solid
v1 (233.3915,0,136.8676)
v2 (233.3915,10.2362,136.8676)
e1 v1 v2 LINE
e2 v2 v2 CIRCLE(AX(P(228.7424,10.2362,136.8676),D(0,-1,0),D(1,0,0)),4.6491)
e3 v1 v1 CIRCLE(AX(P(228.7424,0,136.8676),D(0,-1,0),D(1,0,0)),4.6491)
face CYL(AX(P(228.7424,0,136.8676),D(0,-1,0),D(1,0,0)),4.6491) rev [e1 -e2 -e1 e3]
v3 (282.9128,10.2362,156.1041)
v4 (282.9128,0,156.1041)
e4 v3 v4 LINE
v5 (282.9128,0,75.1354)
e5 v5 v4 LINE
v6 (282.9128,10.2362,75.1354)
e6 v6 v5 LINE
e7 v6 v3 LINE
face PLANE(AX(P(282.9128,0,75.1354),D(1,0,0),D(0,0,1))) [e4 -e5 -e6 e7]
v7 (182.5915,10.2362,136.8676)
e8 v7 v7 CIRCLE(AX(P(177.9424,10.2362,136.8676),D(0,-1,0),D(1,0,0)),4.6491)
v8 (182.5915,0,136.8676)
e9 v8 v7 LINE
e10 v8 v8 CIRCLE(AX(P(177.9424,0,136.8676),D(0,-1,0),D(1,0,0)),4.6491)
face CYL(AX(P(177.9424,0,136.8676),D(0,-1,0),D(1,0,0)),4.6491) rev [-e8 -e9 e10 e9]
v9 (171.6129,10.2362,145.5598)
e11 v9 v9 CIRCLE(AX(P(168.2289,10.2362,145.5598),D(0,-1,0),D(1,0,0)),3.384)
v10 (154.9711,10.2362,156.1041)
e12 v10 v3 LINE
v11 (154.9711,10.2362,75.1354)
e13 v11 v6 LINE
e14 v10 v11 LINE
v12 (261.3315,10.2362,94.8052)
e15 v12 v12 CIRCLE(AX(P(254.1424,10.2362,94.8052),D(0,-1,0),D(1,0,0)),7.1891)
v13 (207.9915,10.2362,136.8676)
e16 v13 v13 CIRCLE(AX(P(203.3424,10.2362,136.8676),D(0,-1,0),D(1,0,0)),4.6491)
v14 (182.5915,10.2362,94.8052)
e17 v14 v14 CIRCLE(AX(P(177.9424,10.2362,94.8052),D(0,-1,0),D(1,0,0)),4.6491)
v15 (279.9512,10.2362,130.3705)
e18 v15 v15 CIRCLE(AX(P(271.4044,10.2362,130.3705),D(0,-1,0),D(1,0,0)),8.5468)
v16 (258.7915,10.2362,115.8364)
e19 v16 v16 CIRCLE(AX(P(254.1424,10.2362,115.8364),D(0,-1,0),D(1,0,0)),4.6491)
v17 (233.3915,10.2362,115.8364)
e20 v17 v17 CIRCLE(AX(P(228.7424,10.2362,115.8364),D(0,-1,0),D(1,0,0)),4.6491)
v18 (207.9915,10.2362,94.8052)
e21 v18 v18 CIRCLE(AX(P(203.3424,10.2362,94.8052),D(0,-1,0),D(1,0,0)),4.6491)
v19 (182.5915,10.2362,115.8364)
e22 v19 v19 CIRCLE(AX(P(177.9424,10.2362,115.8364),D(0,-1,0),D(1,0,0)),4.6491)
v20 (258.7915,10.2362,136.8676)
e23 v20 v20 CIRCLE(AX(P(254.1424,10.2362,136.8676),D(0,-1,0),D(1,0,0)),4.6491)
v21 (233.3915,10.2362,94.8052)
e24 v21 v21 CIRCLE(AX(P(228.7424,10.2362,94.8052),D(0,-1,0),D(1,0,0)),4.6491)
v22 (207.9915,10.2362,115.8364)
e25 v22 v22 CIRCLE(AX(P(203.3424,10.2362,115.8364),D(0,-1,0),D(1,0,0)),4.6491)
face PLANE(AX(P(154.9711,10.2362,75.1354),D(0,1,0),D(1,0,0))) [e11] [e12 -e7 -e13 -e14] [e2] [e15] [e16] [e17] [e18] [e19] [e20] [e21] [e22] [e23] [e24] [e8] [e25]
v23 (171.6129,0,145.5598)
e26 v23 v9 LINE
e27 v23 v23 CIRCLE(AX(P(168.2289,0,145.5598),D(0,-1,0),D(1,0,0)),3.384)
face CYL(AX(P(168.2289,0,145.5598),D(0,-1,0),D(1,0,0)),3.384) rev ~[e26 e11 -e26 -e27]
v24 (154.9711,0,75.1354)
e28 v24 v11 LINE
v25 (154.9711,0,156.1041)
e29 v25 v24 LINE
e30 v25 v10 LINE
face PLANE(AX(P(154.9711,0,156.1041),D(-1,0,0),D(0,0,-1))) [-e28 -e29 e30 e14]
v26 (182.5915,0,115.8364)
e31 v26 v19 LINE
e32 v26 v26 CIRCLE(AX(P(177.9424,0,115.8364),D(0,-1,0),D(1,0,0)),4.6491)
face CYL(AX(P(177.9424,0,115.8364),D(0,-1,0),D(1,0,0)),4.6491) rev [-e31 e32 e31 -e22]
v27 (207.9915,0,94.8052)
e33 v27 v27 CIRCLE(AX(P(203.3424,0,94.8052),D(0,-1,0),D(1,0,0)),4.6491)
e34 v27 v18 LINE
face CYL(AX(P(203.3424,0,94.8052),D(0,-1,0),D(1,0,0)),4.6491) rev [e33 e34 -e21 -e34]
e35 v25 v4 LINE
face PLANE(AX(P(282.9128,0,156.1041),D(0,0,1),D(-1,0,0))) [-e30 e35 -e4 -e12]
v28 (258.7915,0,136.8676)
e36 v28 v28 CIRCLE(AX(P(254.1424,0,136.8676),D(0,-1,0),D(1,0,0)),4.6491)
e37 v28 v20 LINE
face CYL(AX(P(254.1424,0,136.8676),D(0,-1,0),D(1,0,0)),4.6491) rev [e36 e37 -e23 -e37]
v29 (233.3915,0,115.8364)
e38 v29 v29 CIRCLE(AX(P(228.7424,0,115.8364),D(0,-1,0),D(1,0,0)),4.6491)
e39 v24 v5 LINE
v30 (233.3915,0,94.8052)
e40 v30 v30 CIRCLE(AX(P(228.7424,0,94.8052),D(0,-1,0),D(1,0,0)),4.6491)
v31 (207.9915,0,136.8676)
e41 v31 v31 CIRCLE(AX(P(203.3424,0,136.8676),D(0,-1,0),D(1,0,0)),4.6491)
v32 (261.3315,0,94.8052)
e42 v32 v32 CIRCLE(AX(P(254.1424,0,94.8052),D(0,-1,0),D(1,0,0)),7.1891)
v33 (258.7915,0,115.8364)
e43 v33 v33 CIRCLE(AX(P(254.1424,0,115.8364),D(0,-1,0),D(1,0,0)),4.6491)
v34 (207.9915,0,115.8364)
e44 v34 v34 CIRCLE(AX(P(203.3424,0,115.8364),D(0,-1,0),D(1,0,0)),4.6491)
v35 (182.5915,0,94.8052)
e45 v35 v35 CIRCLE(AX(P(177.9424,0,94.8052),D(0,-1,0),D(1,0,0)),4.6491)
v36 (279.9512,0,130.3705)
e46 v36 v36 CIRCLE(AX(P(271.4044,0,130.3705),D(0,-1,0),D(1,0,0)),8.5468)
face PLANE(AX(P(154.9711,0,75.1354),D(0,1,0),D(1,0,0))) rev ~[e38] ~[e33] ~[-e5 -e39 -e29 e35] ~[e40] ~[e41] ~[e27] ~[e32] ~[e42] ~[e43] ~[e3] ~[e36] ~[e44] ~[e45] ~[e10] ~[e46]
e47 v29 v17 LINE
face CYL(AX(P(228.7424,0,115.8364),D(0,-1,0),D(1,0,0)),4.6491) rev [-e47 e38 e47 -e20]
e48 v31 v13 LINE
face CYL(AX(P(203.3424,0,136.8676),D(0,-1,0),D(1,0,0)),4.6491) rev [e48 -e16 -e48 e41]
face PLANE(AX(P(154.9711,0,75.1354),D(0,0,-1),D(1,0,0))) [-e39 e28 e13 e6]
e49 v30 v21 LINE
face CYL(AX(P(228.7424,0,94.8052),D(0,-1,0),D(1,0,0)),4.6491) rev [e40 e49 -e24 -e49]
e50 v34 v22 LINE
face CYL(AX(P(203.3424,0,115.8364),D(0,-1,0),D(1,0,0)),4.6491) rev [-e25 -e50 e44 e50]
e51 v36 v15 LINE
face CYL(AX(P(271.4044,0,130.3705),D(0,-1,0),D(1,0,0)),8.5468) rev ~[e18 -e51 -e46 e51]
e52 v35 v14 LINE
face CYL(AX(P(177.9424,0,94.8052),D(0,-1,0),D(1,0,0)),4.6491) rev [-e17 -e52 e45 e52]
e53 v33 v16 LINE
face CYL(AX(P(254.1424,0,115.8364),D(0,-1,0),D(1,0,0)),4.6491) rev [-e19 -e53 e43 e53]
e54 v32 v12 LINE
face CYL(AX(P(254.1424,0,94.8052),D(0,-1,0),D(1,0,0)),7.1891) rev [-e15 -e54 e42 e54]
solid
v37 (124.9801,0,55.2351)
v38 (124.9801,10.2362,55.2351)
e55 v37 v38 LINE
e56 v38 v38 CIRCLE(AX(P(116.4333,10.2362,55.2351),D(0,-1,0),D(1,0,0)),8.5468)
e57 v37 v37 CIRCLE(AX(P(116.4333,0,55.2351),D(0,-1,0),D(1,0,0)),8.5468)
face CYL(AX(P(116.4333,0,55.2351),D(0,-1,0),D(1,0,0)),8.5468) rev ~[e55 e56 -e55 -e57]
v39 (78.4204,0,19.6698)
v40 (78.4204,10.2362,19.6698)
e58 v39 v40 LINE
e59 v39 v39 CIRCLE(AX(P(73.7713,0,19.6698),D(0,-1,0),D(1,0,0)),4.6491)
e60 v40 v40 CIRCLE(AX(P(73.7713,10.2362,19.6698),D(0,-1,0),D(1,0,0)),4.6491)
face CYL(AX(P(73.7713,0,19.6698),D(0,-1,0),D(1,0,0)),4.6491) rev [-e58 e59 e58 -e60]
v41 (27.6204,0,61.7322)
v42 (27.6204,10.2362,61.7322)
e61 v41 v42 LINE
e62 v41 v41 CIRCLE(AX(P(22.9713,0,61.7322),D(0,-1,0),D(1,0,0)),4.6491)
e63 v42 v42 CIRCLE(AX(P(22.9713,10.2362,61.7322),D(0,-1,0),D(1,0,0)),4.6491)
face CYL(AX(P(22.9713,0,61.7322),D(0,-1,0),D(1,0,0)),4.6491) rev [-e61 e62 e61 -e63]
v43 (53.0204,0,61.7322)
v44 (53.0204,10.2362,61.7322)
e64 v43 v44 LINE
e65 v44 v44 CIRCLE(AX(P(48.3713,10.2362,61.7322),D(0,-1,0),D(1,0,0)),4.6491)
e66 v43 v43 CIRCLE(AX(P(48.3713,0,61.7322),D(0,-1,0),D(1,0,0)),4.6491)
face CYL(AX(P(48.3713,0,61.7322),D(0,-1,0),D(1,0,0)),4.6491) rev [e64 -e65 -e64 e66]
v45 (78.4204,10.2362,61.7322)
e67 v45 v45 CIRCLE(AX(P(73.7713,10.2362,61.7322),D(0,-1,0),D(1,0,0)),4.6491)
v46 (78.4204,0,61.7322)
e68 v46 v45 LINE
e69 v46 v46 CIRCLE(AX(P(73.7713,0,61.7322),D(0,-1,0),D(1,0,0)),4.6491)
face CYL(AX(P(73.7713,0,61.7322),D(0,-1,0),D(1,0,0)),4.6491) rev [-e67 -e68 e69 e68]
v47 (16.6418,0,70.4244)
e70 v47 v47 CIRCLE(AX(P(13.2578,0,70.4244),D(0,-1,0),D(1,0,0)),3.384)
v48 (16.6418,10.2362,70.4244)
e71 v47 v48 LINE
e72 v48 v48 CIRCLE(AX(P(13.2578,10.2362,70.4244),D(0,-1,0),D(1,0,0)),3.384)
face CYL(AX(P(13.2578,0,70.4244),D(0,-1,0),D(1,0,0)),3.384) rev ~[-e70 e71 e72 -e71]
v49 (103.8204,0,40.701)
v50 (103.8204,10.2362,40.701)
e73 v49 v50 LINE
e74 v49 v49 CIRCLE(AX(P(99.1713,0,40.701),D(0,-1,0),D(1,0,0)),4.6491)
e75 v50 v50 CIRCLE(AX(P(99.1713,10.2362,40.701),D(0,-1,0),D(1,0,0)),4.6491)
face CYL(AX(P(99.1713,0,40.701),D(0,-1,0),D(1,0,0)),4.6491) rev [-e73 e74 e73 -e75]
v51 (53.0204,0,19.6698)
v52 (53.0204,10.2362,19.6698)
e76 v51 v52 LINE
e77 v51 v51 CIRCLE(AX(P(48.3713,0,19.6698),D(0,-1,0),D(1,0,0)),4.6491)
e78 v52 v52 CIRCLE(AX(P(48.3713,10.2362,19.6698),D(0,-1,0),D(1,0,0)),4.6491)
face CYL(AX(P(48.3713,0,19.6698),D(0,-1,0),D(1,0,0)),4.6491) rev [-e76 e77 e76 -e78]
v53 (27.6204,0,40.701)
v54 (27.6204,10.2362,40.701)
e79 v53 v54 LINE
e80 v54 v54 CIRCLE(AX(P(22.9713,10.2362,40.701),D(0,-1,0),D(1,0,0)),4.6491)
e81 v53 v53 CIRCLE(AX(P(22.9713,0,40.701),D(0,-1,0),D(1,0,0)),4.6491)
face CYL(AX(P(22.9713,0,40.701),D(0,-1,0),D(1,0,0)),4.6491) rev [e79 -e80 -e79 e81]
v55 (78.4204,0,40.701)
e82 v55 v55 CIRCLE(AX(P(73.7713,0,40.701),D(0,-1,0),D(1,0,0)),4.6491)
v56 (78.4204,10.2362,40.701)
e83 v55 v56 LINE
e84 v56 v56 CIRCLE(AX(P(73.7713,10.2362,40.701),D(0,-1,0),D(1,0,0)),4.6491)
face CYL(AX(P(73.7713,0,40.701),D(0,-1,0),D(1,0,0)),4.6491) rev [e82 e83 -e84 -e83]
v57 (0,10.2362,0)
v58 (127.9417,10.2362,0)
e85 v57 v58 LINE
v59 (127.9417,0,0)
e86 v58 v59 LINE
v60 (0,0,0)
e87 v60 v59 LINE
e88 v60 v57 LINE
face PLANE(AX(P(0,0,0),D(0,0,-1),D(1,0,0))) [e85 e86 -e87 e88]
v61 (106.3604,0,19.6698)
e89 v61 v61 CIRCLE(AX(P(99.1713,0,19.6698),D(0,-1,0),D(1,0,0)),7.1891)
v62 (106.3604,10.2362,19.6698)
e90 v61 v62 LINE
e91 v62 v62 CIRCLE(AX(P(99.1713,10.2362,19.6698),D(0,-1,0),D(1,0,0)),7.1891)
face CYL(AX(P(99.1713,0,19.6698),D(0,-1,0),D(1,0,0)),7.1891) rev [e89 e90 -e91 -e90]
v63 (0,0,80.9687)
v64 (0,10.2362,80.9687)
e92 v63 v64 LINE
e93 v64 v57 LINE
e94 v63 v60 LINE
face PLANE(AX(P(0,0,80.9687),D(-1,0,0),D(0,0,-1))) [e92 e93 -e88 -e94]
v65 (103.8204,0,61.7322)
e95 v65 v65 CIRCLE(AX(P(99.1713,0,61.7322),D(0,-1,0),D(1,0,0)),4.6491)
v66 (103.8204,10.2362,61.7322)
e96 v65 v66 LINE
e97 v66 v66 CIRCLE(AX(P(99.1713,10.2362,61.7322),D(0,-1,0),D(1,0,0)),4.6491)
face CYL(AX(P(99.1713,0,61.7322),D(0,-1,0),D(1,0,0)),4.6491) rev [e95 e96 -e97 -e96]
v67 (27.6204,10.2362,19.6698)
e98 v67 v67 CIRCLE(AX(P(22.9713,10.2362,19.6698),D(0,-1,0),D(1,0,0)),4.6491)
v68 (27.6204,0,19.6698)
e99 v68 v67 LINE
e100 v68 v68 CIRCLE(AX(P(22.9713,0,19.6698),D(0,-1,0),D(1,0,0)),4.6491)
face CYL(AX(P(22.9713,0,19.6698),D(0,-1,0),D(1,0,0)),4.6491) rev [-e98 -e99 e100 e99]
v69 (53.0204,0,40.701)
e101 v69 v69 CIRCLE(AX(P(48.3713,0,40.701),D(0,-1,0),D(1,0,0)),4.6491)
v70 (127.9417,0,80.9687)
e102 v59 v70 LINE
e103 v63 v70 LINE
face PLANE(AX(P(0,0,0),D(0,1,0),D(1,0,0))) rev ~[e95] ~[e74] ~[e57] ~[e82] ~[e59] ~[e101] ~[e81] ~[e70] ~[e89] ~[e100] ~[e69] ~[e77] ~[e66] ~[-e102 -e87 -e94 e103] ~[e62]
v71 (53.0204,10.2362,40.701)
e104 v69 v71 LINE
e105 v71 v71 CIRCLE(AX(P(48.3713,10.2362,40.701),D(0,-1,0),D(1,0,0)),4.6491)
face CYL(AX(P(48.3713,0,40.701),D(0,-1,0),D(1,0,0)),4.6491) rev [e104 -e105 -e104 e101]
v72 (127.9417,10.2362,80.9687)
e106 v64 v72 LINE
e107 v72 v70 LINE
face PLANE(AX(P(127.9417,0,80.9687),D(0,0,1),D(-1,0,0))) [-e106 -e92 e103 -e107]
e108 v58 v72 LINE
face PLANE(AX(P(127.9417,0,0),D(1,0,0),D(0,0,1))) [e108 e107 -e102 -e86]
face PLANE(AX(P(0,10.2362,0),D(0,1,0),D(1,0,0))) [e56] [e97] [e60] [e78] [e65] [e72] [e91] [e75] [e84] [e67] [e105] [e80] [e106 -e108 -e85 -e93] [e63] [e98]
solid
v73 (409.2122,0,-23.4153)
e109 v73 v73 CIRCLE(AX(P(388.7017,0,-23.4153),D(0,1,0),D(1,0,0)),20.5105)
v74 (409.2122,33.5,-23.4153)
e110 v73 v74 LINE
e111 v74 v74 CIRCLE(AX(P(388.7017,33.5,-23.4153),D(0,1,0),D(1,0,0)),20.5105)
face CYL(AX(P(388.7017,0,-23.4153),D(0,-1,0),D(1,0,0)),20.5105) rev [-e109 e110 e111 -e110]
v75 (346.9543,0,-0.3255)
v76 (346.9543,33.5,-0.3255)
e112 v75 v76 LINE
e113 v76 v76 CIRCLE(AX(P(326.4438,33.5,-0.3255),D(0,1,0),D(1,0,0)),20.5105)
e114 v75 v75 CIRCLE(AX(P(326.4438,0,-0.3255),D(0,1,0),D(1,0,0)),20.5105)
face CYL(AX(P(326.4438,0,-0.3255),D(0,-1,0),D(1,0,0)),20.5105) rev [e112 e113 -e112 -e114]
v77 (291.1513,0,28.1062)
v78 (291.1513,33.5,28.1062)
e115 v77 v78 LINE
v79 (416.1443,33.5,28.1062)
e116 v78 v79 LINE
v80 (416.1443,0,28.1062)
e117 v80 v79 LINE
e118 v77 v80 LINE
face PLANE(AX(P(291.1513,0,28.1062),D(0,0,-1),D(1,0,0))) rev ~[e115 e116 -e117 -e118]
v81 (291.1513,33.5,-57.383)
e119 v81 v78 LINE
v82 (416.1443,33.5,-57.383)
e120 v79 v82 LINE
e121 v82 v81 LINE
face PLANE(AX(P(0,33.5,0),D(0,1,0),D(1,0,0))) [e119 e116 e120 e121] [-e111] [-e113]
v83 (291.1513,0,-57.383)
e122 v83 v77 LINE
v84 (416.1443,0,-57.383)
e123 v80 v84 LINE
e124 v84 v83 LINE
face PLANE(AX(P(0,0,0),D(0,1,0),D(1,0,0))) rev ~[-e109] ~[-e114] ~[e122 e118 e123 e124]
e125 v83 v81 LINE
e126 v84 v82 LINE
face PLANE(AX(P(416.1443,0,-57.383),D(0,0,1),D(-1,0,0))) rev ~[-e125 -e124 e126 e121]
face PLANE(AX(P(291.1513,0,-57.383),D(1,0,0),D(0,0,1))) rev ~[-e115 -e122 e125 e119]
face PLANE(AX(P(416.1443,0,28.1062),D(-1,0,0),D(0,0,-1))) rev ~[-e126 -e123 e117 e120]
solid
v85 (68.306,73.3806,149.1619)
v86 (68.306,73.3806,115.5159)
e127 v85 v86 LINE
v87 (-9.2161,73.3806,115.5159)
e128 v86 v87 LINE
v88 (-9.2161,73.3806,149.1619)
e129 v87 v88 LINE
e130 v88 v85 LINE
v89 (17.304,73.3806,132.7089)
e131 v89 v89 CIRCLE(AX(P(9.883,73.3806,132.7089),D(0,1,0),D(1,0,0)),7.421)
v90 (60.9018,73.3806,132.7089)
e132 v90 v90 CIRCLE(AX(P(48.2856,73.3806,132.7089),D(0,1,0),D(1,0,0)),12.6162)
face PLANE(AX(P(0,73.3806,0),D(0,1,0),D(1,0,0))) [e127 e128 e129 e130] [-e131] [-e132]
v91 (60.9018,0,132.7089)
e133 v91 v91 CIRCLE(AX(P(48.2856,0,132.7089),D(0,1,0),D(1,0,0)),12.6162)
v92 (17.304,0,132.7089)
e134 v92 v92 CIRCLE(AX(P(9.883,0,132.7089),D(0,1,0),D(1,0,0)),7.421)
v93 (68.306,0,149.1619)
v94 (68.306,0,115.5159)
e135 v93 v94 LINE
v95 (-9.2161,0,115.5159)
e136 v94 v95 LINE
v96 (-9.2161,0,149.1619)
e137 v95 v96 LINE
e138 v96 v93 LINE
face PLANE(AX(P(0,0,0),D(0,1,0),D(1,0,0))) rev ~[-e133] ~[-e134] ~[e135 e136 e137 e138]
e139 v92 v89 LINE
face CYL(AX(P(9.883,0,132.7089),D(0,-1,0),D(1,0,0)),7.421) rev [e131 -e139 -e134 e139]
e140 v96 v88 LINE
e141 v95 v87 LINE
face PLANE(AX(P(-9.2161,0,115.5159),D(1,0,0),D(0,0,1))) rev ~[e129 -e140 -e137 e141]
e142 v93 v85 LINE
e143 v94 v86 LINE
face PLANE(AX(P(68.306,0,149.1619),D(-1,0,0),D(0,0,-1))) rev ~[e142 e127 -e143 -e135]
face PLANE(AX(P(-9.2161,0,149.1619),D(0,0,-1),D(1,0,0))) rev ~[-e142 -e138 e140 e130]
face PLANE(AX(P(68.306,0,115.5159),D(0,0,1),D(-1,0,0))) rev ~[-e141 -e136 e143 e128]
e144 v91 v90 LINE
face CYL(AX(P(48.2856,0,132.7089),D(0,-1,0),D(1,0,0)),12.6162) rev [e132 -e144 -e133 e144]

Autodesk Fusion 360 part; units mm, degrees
sketch "Sketch1" plane through (0, 0, 0) normal (0, 1, 0) x (1, 0, 0)
  line L0 (0, 0) -> (127.9417, 0)
  line L1 (127.9417, 0) -> (127.9417, -80.9687)
  line L2 (127.9417, -80.9687) -> (0, -80.9687)
  line L3 (0, -80.9687) -> (0, 0)
extrude "Extrude1" add sketch "Sketch1" along normal blind 10.2362 makes body 1
sketch "Sketch2" plane through (0, 0, 0) normal (0, 1, 0) x (1, 0, 0)
  circle A0 centre (22.9713, -19.6698) radius 4.6491
  circle A1 centre (48.3713, -19.6698) radius 4.6491
  circle A2 centre (73.7713, -19.6698) radius 4.6491
  circle A3 centre (99.1713, -19.6698) radius 4.6491
  circle A4 centre (22.9713, -40.701) radius 4.6491
  circle A5 centre (48.3713, -40.701) radius 4.6491
  circle A6 centre (73.7713, -40.701) radius 4.6491
  circle A7 centre (99.1713, -40.701) radius 4.6491
  circle A8 centre (22.9713, -61.7322) radius 4.6491
  circle A9 centre (48.3713, -61.7322) radius 4.6491
  circle A10 centre (73.7713, -61.7322) radius 4.6491
  circle A11 centre (99.1713, -61.7322) radius 4.6491
  dimension "d5" = 76.2
  dimension "d6" = -42.0624
extrude "Extrude2" cut sketch "Sketch2" along normal blind 27.7114 bodies 1
copy_body "Body->Comp1" bodies 1 removing the originals makes body 2 in component "Component"
move_face "OffsetFaces1" offset -2.54 1 faces at (103.7974, 6.8241, 19.2069) on bodies 2 in component "Component"
sketch "Sketch3" plane through (0, 0, 0) normal (0, -1, 0) x (1, 0, 0)
  circle A0 centre (203.3425, 94.8052) radius 4.6491
  circle A1 centre (254.1425, 94.8052) radius 7.1891
  circle A2 centre (203.3425, 136.8676) radius 4.6491
  circle A3 centre (228.7425, 136.8676) radius 4.6491
  circle A4 centre (228.7425, 94.8052) radius 4.6491
  circle A5 centre (177.9425, 94.8052) radius 4.6491
  circle A6 centre (203.3425, 115.8364) radius 4.6491
  circle A7 centre (254.1425, 115.8364) radius 4.6491
  circle A8 centre (177.9425, 136.8676) radius 4.6491
  circle A9 centre (254.1425, 136.8676) radius 4.6491
  circle A10 centre (228.7425, 115.8364) radius 4.6491
  circle A11 centre (177.9425, 115.8364) radius 4.6491
  line L0 (282.9128, 156.1041) -> (154.9711, 156.1041)
  line L1 (154.9711, 156.1041) -> (154.9711, 75.1354)
  line L2 (154.9711, 75.1354) -> (282.9128, 75.1354)
  line L3 (282.9128, 75.1354) -> (282.9128, 156.1041)
  circle A12 centre (168.2289, 145.5598) radius 3.384
  circle A13 centre (271.4044, 130.3705) radius 8.5468
extrude "Extrude1'" cut sketch "Sketch3" against normal blind 31.3436 contours A12 | A13 sketch seen with x (1, 0, 0) y (0, 1, 0) z (0, 0, 1) at (-154.9711, 0, -75.1354) bodies 2 in component "Component"
sketch "Sketch1 (2)" plane through (0, 0, 0) normal (0, 1, 0) x (1, 0, 0) in component "Component'"
  line L0 (-9.2161, -149.1619) -> (68.306, -149.1619)
  line L1 (68.306, -149.1619) -> (68.306, -115.5159)
  line L2 (68.306, -115.5159) -> (-9.2161, -115.5159)
  line L3 (-9.2161, -115.5159) -> (-9.2161, -149.1619)
  circle A0 centre (9.883, -132.7089) radius 7.421
  circle A1 centre (48.2856, -132.7089) radius 12.6162
extrude "Extrude1''" add sketch "Sketch1 (2)" along normal blind 73.3806 separate body makes body 3 in component "Component'"
sketch "Sketch4" plane through (0, 0, 0) normal (0, 1, 0) x (1, 0, 0)
  line L0 (291.1513, -28.1062) -> (416.1443, -28.1062)
  line L1 (416.1443, -28.1062) -> (416.1443, 57.383)
  line L2 (416.1443, 57.383) -> (291.1513, 57.383)
  line L3 (291.1513, 57.383) -> (291.1513, -28.1062)
  circle A0 centre (326.4438, 0.3255) radius 20.5105
  circle A1 centre (388.7017, 23.4153) radius 20.5105
extrude "Extrude3" add sketch "Sketch4" along normal blind 33.5 separate body makes body 4
component "Component" placed x (1, 0, 0) y (0, 1, 0) z (0, 0, 1) at (0, 0, 0)
component "Component" placed x (1, 0, 0) y (0, 1, 0) z (0, 0, 1) at (154.9711, 0, 75.1354)
component "Component'" placed x (1, 0, 0) y (0, 1, 0) z (0, 0, 1) at (0, 0, 0)
